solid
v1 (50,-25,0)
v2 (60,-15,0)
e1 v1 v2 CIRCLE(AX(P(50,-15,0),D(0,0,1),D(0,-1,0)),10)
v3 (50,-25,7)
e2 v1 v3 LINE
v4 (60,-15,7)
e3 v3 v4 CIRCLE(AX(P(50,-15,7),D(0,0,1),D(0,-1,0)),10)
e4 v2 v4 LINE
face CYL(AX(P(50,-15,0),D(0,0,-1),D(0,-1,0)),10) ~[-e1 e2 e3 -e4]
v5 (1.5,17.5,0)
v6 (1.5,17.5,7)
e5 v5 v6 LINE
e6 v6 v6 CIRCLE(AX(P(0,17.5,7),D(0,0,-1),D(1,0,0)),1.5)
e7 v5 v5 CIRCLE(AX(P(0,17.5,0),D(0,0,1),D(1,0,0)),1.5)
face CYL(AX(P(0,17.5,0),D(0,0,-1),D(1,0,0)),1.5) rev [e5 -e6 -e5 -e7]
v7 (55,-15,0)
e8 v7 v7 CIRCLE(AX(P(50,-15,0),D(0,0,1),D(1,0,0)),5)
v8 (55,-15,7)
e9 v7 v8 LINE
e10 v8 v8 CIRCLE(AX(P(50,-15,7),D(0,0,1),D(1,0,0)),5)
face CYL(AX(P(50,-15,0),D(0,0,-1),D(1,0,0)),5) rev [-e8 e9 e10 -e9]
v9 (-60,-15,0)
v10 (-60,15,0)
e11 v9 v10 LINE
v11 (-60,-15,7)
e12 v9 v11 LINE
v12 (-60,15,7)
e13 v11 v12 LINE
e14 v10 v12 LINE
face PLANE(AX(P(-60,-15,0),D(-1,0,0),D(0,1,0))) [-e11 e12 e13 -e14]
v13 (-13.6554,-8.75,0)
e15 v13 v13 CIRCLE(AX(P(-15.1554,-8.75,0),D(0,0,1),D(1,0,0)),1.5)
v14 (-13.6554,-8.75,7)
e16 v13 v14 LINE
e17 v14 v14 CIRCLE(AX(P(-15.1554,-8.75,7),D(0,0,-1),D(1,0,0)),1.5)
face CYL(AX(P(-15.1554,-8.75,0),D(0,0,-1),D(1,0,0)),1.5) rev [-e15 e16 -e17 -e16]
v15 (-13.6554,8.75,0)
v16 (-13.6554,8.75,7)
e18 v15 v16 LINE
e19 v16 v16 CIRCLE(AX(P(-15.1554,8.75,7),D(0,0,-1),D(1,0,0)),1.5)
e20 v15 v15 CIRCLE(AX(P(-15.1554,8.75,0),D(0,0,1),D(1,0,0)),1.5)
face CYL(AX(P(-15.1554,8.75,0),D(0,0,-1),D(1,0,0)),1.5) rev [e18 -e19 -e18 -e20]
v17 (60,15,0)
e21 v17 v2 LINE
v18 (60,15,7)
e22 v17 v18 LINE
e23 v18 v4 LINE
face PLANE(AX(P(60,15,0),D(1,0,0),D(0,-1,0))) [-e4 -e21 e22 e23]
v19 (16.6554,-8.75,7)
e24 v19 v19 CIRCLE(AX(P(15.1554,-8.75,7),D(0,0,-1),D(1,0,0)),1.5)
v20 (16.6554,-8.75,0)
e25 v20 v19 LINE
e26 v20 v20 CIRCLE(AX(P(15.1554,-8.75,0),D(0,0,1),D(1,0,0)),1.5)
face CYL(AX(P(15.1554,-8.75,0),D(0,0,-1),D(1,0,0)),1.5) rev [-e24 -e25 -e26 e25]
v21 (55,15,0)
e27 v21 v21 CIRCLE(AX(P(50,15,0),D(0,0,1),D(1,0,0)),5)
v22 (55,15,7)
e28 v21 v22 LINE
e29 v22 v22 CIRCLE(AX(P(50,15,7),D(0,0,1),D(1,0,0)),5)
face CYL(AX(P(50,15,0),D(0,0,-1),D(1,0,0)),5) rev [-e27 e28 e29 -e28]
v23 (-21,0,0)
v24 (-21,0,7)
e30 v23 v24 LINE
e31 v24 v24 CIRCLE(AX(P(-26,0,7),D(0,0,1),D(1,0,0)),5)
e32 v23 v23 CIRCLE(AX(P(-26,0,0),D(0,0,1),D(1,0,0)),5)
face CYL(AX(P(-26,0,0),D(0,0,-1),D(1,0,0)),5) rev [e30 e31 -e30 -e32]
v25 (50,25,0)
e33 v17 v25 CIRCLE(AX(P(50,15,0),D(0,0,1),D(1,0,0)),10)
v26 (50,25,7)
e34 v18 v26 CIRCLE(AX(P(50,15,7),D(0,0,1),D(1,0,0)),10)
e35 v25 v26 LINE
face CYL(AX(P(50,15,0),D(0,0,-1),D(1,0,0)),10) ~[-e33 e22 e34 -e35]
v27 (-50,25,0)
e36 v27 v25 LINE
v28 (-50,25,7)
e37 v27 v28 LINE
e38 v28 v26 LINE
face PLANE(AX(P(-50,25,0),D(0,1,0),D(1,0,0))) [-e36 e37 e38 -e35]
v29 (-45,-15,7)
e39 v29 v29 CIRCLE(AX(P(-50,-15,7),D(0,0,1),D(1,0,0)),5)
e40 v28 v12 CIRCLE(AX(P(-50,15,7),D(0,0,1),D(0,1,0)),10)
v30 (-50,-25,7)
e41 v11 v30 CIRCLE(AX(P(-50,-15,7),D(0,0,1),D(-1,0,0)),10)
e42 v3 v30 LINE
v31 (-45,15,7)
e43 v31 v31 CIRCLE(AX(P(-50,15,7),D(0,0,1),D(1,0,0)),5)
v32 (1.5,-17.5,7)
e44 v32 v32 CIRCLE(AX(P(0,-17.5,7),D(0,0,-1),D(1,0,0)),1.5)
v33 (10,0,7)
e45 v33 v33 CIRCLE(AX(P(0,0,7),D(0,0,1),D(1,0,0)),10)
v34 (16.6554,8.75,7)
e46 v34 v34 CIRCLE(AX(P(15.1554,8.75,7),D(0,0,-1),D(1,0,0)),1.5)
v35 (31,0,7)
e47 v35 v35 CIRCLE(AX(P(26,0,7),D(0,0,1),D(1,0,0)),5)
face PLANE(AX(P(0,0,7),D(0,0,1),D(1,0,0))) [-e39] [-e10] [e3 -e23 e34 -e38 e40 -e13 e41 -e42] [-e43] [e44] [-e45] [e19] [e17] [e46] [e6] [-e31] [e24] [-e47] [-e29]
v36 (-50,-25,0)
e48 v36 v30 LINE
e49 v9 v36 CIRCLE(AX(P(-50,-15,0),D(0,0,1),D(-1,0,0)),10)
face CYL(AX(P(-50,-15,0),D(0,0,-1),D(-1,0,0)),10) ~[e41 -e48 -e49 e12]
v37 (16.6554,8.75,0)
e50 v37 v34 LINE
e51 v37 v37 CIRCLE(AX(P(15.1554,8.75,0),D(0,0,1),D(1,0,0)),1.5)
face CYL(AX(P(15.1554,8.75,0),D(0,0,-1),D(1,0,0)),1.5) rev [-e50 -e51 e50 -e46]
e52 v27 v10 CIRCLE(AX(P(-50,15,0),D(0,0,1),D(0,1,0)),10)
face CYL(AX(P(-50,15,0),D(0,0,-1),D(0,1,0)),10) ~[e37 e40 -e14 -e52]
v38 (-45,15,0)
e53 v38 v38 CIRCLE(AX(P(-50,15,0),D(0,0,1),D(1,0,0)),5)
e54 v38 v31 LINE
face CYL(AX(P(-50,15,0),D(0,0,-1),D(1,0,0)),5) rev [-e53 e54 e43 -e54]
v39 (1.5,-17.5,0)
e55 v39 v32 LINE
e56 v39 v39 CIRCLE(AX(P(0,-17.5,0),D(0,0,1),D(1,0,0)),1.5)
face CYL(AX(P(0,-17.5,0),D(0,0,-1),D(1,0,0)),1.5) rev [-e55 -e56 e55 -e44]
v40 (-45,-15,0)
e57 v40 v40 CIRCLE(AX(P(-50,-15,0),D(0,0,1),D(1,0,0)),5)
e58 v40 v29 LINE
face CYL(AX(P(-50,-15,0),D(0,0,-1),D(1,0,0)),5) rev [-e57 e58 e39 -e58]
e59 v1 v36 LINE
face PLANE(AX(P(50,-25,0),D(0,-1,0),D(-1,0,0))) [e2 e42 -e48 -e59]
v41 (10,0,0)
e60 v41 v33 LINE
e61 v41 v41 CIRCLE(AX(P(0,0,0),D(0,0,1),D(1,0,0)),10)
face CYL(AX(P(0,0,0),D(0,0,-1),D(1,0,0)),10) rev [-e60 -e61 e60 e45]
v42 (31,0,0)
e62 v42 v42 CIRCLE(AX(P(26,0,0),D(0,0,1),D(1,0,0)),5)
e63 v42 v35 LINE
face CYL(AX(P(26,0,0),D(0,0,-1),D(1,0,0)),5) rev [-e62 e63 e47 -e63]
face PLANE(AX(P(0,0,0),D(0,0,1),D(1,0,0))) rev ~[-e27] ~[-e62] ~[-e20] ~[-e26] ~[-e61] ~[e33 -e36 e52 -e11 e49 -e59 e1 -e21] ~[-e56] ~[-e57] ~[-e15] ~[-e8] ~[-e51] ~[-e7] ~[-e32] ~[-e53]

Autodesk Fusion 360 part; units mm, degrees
sketch "Sketch1" plane through (0, 0, 0) normal (0, 0, 1) x (1, 0, 0)
  line L0 (50, -25) -> (-50, -25)
  line L1 (-60, -15) -> (-60, 15)
  line L2 (-50, 25) -> (50, 25)
  line L3 (60, 15) -> (60, -15)
  arc A0 (60, 15) -> (50, 25) centre (50, 15) ccw
  arc A1 (50, -25) -> (60, -15) centre (50, -15) ccw
  arc A2 (-50, 25) -> (-60, 15) centre (-50, 15) ccw
  arc A3 (-60, -15) -> (-50, -25) centre (-50, -15) ccw
  circle A4 centre (0, 0) radius 10
  circle A5 centre (0, 17.5) radius 1.5
  circle A6 centre (-15.1554, 8.75) radius 1.5
  circle A7 centre (-15.1554, -8.75) radius 1.5
  circle A8 centre (0, -17.5) radius 1.5
  circle A9 centre (15.1554, -8.75) radius 1.5
  circle A10 centre (15.1554, 8.75) radius 1.5
  circle A11 centre (50, 15) radius 5
  circle A12 centre (50, -15) radius 5
  circle A13 centre (-50, -15) radius 5
  circle A14 centre (-50, 15) radius 5
  circle A15 centre (-26, 0) radius 5
  circle A16 centre (26, 0) radius 5
  arc A17 (-14.3505, -10.0157) -> (-1.4986, -17.4357) centre (0, 0) ccw
  arc A18 (1.4986, -17.4357) -> (14.3505, -10.0157) centre (0, 0) ccw
  arc A19 (15.8491, -7.42) -> (15.8491, 7.42) centre (0, 0) ccw
  arc A20 (14.3505, 10.0157) -> (1.4986, 17.4357) centre (0, 0) ccw
  arc A21 (-1.4986, 17.4357) -> (-14.3505, 10.0157) centre (0, 0) ccw
  arc A22 (-15.8491, 7.42) -> (-15.8491, -7.42) centre (0, 0) ccw
  dimension "d3" = 10
  dimension "d4" = 10
  dimension "d5" = 10
  dimension "d6" = 10
  dimension "d7" = 20
  dimension "d8" = 35
  dimension "d9" = 3
  dimension "d11" = 360
  dimension "d12" = 10
  dimension "d13" = 10
  dimension "d14" = 10
  dimension "d15" = 10
  dimension "d16" = 26
  dimension "d17" = 10
  dimension "d18" = 26
  dimension "d19" = 10
extrude "Extrude1" add sketch "Sketch1" along normal blind 7 contours L0 L1 L2 L3 A0 A1 A2 A3 | A5 A6 A7 A8 A9 A10 A17 A18 A19 A20 A21 A22
